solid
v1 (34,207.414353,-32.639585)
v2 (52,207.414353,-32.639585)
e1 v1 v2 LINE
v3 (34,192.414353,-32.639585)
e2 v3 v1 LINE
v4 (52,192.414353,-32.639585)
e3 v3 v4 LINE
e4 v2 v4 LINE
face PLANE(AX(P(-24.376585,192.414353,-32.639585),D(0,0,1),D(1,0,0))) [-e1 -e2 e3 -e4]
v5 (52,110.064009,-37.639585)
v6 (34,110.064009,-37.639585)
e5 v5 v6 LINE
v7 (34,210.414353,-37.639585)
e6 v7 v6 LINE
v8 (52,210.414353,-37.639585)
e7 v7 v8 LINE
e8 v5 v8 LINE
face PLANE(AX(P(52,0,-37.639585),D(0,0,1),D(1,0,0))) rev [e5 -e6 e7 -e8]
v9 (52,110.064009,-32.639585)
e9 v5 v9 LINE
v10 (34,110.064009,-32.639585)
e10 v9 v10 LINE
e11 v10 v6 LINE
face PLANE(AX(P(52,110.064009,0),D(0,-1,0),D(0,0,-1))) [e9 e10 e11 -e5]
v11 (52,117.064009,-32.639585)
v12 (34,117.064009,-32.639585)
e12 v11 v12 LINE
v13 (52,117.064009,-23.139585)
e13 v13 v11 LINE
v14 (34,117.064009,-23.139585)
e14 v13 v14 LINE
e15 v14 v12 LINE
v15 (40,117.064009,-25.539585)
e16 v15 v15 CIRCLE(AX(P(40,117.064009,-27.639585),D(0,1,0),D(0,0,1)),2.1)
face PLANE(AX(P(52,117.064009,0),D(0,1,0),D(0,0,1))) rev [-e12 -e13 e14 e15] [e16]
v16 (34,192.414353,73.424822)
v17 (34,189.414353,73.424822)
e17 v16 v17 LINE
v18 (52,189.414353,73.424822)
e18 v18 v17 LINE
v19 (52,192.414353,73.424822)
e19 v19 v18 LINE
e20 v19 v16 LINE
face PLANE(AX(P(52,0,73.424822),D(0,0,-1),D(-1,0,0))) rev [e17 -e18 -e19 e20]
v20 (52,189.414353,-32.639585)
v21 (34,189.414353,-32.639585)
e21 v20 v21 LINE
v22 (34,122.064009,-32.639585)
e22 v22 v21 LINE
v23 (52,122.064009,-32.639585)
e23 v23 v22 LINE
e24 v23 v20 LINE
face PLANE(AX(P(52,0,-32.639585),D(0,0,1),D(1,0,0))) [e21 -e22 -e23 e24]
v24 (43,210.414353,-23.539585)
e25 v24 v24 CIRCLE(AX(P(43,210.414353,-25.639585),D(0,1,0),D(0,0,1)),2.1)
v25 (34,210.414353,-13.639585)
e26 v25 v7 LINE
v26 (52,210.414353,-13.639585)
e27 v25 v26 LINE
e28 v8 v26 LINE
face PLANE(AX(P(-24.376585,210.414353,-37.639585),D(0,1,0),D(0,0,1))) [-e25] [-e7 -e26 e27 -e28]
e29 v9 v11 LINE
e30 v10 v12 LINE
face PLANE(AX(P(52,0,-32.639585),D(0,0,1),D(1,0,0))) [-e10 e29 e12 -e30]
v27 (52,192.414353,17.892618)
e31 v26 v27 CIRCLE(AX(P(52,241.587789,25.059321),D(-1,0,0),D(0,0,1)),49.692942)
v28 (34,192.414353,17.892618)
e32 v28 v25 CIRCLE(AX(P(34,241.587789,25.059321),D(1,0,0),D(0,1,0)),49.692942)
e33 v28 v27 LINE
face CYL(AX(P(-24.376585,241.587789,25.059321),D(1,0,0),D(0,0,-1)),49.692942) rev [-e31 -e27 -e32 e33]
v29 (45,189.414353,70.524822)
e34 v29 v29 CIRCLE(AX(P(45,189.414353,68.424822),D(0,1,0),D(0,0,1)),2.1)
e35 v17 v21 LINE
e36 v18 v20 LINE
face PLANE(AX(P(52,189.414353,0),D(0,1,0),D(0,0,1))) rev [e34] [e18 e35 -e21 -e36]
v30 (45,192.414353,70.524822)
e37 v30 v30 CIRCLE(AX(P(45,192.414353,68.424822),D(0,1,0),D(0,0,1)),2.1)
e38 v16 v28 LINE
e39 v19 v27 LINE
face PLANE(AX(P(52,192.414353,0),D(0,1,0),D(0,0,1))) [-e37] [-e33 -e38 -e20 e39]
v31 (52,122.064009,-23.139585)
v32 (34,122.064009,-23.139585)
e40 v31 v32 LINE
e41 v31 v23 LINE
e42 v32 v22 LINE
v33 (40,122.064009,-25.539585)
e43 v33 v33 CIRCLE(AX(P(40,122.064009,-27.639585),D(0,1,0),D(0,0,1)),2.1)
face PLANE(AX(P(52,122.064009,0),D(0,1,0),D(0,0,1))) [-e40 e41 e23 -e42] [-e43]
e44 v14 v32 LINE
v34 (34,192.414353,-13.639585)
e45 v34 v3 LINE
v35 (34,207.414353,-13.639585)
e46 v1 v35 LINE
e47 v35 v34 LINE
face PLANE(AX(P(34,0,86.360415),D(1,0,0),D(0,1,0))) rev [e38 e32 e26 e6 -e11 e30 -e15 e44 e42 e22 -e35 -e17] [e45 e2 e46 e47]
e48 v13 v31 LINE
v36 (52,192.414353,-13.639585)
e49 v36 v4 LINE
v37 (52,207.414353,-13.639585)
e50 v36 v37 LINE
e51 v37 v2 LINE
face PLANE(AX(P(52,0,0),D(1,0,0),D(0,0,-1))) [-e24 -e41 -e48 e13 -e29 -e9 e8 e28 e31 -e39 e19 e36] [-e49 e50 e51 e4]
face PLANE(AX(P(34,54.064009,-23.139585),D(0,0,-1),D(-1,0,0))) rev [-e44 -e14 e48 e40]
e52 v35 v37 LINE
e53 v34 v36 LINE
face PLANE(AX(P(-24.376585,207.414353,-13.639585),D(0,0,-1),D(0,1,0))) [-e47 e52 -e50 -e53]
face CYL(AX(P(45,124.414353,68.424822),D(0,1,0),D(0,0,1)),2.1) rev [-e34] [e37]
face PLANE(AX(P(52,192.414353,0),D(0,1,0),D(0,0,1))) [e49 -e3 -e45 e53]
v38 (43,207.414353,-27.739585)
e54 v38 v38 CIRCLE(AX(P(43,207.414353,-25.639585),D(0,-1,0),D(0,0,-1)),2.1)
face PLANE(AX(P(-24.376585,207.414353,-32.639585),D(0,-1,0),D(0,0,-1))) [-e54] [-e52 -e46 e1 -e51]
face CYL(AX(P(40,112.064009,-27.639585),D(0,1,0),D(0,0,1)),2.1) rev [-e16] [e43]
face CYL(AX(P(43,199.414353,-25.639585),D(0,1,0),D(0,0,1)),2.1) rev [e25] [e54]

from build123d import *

# Parameters (mm, degrees)
SKETCH4_W           = 106.06440689
SKETCH4_H           = 3
SKETCH4_W_2         = 10
SKETCH4_H_2         = 5
BOSS_EXTRUDE1_DEPTH = 52
SKETCH5_R           = 2.1
CUT_EXTRUDE1_DEPTH  = 52
SKETCH6_R           = 2.1
CUT_EXTRUDE2_DEPTH  = 52
SKETCH7_W           = 16
SKETCH7_H           = 82.35034403
CUT_EXTRUDE4_DEPTH  = 124
BOSS_EXTRUDE2_DEPTH = 18
SKETCH9_R           = 2.1
CUT_EXTRUDE5_DEPTH  = 6
BOSS_EXTRUDE3_DEPTH = 18
SKETCH12_R          = 2.1
CUT_EXTRUDE7_DEPTH  = 11
SKETCH13_W          = 30.758926903
SKETCH13_H          = 118.81058029
CUT_EXTRUDE8_DEPTH  = 134
SKETCH14_W          = 18
SKETCH14_H          = 10
BOSS_EXTRUDE4_DEPTH = 5
SKETCH15_R          = 2.1
CUT_EXTRUDE9_DEPTH  = 10
SKETCH16_R          = 2.1
BOSS_EXTRUDE5_DEPTH = 3
SKETCH17_R          = 2.1
CUT_EXTRUDE10_DEPTH = 68
SKETCH18_W          = 18
SKETCH18_H          = 0.5
CUT_EXTRUDE11_DEPTH = 68
SKETCH19_W          = 7.063819309
SKETCH19_H          = 5.572840252
BOSS_EXTRUDE6_DEPTH = 5
SKETCH20_R          = 2.1
CUT_EXTRUDE12_DEPTH = 10


with BuildPart() as part:
    # Sketch4 → Boss-Extrude1 (new body)
    with BuildSketch(Plane(origin=(0, 0, 0), x_dir=(0, 0, -1), z_dir=(1, 0, 0))):
        with Locations((-20.39261819, 190.914352888)):
            Rectangle(SKETCH4_W, SKETCH4_H)
        Polygon((32.639585255, 189.414352888), (32.639585255, 122.064008858), (32.639585255, 117.064008858), (32.639585255, 110.064008858), (37.639585255, 110.064008858), (37.639585255, 192.414352888), (32.639585255, 192.414352888), align=None)
        with Locations((27.639585255, 119.564008858)):
            Rectangle(SKETCH4_W_2, SKETCH4_H_2)
    extrude(amount=BOSS_EXTRUDE1_DEPTH)

    # Sketch5 → Cut-Extrude1 (cut)
    with BuildSketch(Plane(origin=(0, 122.064008858, 0), x_dir=(1, 0, 0), z_dir=(0, 1, 0))):
        with Locations((6, 27.049585255)):
            Circle(SKETCH5_R)
        with Locations((46, 27.639585255)):
            Circle(SKETCH5_R)
    extrude(amount=-CUT_EXTRUDE1_DEPTH, mode=Mode.SUBTRACT)

    # Sketch6 → Cut-Extrude2 (cut)
    with BuildSketch(Plane(origin=(0, 192.414352888, 0), x_dir=(1, 0, 0), z_dir=(0, 1, 0))):
        with Locations((41, -68.424821635)):
            Circle(SKETCH6_R)
        with Locations((11, -68.424821635)):
            Circle(SKETCH6_R)
    extrude(amount=-CUT_EXTRUDE2_DEPTH, mode=Mode.SUBTRACT)

    # Sketch7 → Cut-Extrude4 (cut)
    with BuildSketch(Plane(origin=(0, 0, -37.639585255), x_dir=(-1, 0, 0), z_dir=(0, 0, -1))):
        with Locations((-26, 151.239180873)):
            Rectangle(SKETCH7_W, SKETCH7_H)
    extrude(amount=-CUT_EXTRUDE4_DEPTH, mode=Mode.SUBTRACT)

    # Sketch8 → Boss-Extrude2 (add)
    with BuildSketch(Plane.ZY):
        with BuildLine():
            Line((-37.639585255, 210.414352888), (-37.639585255, 192.414352888))
            Line((-37.639585255, 192.414352888), (-32.639585255, 192.414352888))
            Line((-32.639585255, 192.414352888), (-32.639585255, 207.414352888))
            Line((-32.639585255, 207.414352888), (-13.639585255, 207.414352888))
            Line((-13.639585255, 207.414352888), (-13.639585255, 192.414352888))
            Line((-13.639585255, 192.414352888), (17.89261819, 192.414352888))
            ThreePointArc((17.89261819, 192.414352888), (0.423706042, 198.431388178), (-13.639585255, 210.414352888))
            Line((-13.639585255, 210.414352888), (-37.639585255, 210.414352888))
        make_face()
    extrude(amount=-BOSS_EXTRUDE2_DEPTH)

    # Sketch9 → Cut-Extrude5 (cut)
    with BuildSketch(Plane(origin=(0, 210.414352888, 0), x_dir=(1, 0, 0), z_dir=(0, 1, 0))):
        with Locations((9, 25.639585255)):
            Circle(SKETCH9_R)
    extrude(amount=-CUT_EXTRUDE5_DEPTH, mode=Mode.SUBTRACT)

    # Sketch11 → Boss-Extrude3 (add)
    with BuildSketch(Plane(origin=(52, 0, 0), x_dir=(0, 0, -1), z_dir=(1, 0, 0))):
        with BuildLine():
            Line((32.639585255, 192.414352888), (37.639585255, 192.414352888))
            Line((37.639585255, 192.414352888), (37.639585255, 210.414352888))
            Line((37.639585255, 210.414352888), (13.639585255, 210.414352888))
            ThreePointArc((13.639585255, 210.414352888), (-0.423706042, 198.431388178), (-17.89261819, 192.414352888))
            Line((-17.89261819, 192.414352888), (13.639585255, 192.414352888))
            Line((13.639585255, 192.414352888), (13.639585255, 207.414352888))
            Line((13.639585255, 207.414352888), (32.639585255, 207.414352888))
            Line((32.639585255, 207.414352888), (32.639585255, 192.414352888))
        make_face()
    extrude(amount=-BOSS_EXTRUDE3_DEPTH)

    # Sketch12 → Cut-Extrude7 (cut)
    with BuildSketch(Plane(origin=(0, 210.414352888, 0), x_dir=(1, 0, 0), z_dir=(0, 1, 0))):
        with Locations((43, 25.639585255)):
            Circle(SKETCH12_R)
    extrude(amount=-CUT_EXTRUDE7_DEPTH, mode=Mode.SUBTRACT)

    # Sketch13 → Cut-Extrude8 (cut)
    with BuildSketch(Plane(origin=(0, 210.414352888, 0), x_dir=(1, 0, 0), z_dir=(0, 1, 0))):
        with Locations((9.143188102, -17.675085242)):
            Rectangle(SKETCH13_W, SKETCH13_H)
    extrude(amount=-CUT_EXTRUDE8_DEPTH, mode=Mode.SUBTRACT)

    # Sketch14 → Boss-Extrude4 (add)
    with BuildSketch(Plane(origin=(0, 122.064008858, 0), x_dir=(1, 0, 0), z_dir=(0, 1, 0))):
        with Locations((43, 27.639585255)):
            Rectangle(SKETCH14_W, SKETCH14_H)
    extrude(amount=-BOSS_EXTRUDE4_DEPTH)

    # Sketch15 → Cut-Extrude9 (cut)
    with BuildSketch(Plane(origin=(0, 122.064008858, 0), x_dir=(1, 0, 0), z_dir=(0, 1, 0))):
        with Locations((40, 27.049585255)):
            Circle(SKETCH15_R)
    extrude(amount=-CUT_EXTRUDE9_DEPTH, mode=Mode.SUBTRACT)

    # Sketch16 → Boss-Extrude5 (add)
    with BuildSketch(Plane(origin=(0, 192.414352888, 0), x_dir=(1, 0, 0), z_dir=(0, 1, 0))):
        with Locations((41, -68.424821635)):
            Circle(SKETCH16_R)
    extrude(amount=-BOSS_EXTRUDE5_DEPTH)

    # Sketch17 → Cut-Extrude10 (cut)
    with BuildSketch(Plane(origin=(0, 192.414352888, 0), x_dir=(1, 0, 0), z_dir=(0, 1, 0))):
        with Locations((45, -68.424821635)):
            Circle(SKETCH17_R)
    extrude(amount=-CUT_EXTRUDE10_DEPTH, mode=Mode.SUBTRACT)

    # Sketch18 → Cut-Extrude11 (cut)
    with BuildSketch(Plane(origin=(0, 122.064008858, 0), x_dir=(1, 0, 0), z_dir=(0, 1, 0))):
        with Locations((43, 22.889585255)):
            Rectangle(SKETCH18_W, SKETCH18_H)
    extrude(amount=-CUT_EXTRUDE11_DEPTH, mode=Mode.SUBTRACT)

    # Sketch19 → Boss-Extrude6 (add)
    with BuildSketch(Plane(origin=(0, 122.064008858, 0), x_dir=(1, 0, 0), z_dir=(0, 1, 0))):
        with Locations((40.335863312, 27.294676588)):
            Rectangle(SKETCH19_W, SKETCH19_H)
    extrude(amount=-BOSS_EXTRUDE6_DEPTH)

    # Sketch20 → Cut-Extrude12 (cut)
    with BuildSketch(Plane(origin=(0, 122.064008858, 0), x_dir=(1, 0, 0), z_dir=(0, 1, 0))):
        with Locations((40, 27.639585255)):
            Circle(SKETCH20_R)
    extrude(amount=-CUT_EXTRUDE12_DEPTH, mode=Mode.SUBTRACT)


solid = part.part
